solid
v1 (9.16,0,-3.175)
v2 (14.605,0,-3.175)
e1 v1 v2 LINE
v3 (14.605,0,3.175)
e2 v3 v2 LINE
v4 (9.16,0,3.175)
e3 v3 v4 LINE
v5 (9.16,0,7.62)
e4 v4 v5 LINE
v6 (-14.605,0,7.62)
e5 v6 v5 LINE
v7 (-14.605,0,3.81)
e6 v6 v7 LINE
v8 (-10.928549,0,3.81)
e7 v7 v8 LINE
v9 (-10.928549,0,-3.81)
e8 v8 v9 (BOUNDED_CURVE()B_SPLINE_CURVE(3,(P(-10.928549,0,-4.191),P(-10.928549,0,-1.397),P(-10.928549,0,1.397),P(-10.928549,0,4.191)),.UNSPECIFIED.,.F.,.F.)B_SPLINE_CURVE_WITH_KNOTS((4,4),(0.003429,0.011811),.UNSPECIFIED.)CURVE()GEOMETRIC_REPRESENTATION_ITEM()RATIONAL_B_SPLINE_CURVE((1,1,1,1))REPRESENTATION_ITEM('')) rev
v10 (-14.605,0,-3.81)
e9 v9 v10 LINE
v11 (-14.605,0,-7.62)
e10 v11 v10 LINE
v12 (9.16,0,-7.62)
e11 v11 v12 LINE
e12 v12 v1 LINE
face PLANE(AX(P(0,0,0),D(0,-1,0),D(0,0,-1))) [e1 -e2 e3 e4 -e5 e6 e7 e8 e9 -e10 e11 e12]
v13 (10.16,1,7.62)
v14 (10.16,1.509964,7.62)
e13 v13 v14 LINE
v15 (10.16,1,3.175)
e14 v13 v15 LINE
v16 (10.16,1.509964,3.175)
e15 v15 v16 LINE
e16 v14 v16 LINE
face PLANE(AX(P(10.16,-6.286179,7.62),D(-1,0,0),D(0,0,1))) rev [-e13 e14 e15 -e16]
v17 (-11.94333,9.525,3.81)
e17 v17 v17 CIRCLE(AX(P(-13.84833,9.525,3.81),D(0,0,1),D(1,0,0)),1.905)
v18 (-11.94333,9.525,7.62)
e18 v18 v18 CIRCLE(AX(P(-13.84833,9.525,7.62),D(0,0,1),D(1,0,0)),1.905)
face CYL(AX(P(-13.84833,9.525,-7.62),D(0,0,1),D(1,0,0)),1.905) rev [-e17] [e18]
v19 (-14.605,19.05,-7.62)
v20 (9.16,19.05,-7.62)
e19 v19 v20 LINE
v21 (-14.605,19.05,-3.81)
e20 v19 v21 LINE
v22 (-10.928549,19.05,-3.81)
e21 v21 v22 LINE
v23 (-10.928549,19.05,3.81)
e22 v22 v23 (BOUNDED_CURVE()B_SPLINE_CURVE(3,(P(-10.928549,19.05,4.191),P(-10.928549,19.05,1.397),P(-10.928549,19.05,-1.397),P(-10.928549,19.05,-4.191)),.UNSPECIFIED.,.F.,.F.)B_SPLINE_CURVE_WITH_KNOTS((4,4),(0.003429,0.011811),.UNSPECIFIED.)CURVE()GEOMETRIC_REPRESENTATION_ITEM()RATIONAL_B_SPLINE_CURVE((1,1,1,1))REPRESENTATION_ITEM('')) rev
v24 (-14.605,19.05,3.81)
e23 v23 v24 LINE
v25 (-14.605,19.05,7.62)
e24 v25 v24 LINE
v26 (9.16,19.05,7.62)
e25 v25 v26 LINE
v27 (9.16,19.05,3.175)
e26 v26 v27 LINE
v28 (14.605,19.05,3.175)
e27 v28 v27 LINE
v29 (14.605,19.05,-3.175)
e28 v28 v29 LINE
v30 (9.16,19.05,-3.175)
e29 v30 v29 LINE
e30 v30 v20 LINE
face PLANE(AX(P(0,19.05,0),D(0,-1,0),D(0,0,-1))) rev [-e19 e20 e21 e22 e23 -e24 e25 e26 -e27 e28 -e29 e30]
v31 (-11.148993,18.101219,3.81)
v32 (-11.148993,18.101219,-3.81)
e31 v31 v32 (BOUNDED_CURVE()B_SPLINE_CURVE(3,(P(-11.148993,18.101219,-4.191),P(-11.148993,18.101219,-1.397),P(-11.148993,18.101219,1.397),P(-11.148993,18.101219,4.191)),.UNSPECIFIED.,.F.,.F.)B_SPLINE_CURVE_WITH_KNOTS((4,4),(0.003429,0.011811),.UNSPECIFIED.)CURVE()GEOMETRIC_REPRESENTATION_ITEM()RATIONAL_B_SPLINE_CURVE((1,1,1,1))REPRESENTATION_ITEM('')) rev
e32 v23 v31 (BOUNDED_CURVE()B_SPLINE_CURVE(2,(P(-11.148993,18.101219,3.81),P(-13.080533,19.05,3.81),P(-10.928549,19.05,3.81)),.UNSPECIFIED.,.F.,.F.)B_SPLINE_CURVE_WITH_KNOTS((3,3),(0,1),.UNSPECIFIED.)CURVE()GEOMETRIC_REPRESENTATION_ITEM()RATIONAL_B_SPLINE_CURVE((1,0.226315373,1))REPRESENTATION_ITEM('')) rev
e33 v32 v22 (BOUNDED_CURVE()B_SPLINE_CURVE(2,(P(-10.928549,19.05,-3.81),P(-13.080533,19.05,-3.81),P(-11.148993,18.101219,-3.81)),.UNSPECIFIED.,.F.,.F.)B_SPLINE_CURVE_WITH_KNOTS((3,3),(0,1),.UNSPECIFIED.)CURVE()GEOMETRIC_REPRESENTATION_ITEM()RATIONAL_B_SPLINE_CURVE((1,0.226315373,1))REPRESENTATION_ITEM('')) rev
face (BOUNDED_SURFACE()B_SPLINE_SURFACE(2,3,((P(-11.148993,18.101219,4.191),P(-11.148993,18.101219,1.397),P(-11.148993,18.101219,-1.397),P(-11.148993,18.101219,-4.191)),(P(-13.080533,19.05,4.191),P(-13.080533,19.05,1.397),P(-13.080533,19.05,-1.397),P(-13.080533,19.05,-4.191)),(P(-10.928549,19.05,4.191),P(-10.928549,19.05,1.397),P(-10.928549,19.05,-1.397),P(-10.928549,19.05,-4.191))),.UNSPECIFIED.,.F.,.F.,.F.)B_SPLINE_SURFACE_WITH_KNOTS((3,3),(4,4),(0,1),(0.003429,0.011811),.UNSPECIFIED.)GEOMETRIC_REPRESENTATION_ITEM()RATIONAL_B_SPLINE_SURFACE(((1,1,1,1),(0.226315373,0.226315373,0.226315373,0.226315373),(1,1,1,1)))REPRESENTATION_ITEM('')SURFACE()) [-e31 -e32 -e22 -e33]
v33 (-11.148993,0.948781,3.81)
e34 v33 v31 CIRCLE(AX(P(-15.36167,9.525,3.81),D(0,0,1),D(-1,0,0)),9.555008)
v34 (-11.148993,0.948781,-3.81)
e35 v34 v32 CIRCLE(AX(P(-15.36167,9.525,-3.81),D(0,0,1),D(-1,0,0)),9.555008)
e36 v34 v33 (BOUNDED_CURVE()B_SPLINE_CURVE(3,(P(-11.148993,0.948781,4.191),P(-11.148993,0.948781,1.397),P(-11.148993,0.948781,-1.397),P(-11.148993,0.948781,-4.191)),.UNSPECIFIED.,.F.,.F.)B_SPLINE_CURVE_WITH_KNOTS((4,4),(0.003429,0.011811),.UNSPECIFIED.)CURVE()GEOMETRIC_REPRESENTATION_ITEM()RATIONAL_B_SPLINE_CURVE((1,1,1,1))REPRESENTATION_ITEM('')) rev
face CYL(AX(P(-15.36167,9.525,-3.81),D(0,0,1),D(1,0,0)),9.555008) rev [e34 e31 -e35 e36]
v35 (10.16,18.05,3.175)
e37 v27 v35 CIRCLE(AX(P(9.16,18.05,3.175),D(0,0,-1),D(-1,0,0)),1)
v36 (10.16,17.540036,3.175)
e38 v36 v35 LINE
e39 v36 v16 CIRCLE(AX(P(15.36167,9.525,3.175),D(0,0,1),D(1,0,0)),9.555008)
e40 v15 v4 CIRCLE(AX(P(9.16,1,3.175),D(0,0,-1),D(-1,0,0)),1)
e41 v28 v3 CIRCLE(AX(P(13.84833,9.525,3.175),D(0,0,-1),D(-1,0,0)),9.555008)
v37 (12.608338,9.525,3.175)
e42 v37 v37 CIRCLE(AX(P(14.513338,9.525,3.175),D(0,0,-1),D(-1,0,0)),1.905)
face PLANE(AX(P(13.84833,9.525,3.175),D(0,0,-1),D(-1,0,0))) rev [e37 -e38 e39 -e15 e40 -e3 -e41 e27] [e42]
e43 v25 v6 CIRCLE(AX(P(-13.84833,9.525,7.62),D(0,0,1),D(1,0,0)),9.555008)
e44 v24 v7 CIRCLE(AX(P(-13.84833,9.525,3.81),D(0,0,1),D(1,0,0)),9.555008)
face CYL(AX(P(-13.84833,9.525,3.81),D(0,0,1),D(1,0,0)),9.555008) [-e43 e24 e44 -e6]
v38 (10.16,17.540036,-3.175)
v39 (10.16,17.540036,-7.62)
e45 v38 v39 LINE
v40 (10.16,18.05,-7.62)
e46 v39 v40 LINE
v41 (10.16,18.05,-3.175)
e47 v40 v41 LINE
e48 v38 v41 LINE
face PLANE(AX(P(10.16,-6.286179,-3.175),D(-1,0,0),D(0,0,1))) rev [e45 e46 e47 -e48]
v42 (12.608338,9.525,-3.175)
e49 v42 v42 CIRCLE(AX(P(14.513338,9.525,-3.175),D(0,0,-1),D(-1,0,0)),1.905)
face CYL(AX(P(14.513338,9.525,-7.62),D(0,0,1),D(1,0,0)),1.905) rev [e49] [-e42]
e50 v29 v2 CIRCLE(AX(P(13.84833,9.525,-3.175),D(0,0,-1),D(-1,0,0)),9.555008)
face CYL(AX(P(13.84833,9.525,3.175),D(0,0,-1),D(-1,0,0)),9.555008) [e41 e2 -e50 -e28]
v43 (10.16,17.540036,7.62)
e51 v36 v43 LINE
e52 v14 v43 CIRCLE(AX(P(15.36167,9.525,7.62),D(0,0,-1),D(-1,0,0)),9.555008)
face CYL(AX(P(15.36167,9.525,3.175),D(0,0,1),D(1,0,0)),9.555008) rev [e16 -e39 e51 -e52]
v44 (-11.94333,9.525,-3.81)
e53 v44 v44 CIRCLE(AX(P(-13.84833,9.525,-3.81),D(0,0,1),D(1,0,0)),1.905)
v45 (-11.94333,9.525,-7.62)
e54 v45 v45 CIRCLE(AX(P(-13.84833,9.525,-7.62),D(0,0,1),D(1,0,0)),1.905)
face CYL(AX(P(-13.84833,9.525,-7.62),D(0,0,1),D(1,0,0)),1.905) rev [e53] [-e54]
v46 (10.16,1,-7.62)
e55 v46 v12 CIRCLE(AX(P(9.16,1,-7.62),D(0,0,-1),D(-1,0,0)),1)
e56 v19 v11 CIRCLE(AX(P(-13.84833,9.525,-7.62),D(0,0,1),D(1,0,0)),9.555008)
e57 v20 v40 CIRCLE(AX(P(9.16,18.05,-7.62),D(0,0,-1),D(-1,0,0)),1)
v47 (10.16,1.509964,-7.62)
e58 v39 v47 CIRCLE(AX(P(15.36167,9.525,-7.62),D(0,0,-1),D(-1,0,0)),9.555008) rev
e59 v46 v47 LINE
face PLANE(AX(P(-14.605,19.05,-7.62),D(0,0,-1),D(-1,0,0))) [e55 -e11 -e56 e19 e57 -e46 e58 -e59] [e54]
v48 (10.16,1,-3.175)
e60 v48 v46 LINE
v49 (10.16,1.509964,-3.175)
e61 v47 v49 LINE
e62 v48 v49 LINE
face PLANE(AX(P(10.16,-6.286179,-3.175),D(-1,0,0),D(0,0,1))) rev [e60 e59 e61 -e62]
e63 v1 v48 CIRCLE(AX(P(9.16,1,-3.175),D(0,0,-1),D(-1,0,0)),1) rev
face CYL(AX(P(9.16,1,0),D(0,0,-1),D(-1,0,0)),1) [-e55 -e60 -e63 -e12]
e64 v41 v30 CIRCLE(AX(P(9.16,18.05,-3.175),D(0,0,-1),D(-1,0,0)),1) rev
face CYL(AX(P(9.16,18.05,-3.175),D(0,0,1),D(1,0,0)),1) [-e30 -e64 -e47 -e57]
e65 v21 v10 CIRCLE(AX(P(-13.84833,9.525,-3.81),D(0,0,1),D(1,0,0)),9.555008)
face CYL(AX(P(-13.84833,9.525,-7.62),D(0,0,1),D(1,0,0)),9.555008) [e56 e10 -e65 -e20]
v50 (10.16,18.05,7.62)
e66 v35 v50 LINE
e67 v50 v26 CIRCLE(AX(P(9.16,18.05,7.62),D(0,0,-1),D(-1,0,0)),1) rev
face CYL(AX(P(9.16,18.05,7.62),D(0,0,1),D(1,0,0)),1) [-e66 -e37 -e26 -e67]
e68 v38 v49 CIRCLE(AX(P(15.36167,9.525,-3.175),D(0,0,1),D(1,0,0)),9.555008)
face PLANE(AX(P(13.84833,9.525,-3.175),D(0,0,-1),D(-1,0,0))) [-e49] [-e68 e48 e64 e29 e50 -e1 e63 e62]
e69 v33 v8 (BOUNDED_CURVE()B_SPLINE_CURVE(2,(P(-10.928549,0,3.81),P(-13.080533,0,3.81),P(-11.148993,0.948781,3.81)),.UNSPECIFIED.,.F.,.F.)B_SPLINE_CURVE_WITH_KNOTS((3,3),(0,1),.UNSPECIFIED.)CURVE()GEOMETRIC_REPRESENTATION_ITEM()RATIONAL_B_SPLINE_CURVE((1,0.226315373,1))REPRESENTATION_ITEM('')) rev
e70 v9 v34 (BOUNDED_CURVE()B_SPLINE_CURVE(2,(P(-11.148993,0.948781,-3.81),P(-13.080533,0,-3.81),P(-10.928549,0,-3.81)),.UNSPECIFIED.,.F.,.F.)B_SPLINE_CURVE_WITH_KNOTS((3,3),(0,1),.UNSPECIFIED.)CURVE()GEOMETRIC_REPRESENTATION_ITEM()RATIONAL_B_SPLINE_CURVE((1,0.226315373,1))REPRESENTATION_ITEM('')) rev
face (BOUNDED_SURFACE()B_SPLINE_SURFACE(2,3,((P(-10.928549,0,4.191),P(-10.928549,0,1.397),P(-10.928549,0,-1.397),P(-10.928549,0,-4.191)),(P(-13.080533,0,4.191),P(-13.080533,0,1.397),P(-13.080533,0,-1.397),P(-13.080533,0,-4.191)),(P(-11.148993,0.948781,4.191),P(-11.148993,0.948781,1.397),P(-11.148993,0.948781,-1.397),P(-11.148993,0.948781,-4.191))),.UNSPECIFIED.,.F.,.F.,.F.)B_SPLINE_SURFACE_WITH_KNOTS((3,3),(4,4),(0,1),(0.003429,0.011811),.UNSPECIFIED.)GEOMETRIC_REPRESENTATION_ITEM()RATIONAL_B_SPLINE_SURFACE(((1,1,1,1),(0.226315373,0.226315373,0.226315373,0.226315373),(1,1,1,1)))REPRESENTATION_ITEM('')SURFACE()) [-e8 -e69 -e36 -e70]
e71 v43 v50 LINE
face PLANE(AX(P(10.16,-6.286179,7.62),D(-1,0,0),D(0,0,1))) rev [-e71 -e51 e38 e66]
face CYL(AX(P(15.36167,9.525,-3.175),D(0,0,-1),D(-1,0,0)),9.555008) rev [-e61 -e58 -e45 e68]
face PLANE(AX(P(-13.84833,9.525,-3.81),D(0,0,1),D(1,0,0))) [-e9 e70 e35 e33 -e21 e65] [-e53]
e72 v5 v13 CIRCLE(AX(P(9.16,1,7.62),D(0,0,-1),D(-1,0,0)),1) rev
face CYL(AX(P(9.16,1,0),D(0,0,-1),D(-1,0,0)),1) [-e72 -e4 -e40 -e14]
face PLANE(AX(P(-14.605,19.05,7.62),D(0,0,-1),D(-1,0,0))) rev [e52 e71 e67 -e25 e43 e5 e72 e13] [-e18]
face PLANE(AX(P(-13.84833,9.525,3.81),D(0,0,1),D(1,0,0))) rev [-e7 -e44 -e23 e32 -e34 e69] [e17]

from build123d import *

# Parameters (mm, degrees)
SKETCH1_W               = 29.21
SKETCH1_H               = 15.24
BOSS_EXTRUDE1_DEPTH     = 19.05
BOSS_EXTRUDE2_DEPTH     = 3.175
BOSS_EXTRUDE3_DEPTH     = 3.81
LPATTERN1_COUNT         = 2
LPATTERN1_PITCH         = 11.43
SKETCH7_R               = 1.905
CUT_EXTRUDE2_DEPTH      = 8.62
CUT_EXTRUDE2_DEPTH_BACK = 8.62
CUT_EXTRUDE4_DEPTH      = 2.794
CUT_EXTRUDE4_DEPTH_BACK = 3.175
CUT_EXTRUDE5_DEPTH      = 5.842
CUT_EXTRUDE6_DEPTH      = 3.81
FILLET2_R               = 0.5
SKETCH16_R              = 1.905
CUT_EXTRUDE8_DEPTH      = 2.27
CUT_EXTRUDE8_DEPTH_BACK = 14.97
SKETCH17_W              = 4.445
SKETCH17_H              = 4.445
CUT_EXTRUDE9_DEPTH      = 19.05
LPATTERN2_COUNT         = 2
LPATTERN2_PITCH         = 10.795
FILLET4_R               = 1


with BuildPart() as part:
    # Sketch1 → Boss-Extrude1 (new body)
    with BuildSketch(Plane(origin=(0, 0, 0), x_dir=(1, 0, 0), z_dir=(0, 1, 0))):
        Rectangle(SKETCH1_W, SKETCH1_H)
    extrude(amount=BOSS_EXTRUDE1_DEPTH)

    # Sketch3 → Boss-Extrude2 (add, symmetric)
    with BuildSketch(Plane.XY):
        with BuildLine():
            Line((14.605, 19.05), (14.605, 0))
            ThreePointArc((14.605, 0), (23.403337922, 9.525), (14.605, 19.05))
        make_face()
    extrude(amount=BOSS_EXTRUDE2_DEPTH, both=True)

    # Sketch6 → Boss-Extrude3 (add)
    with BuildSketch(Plane.XY.offset(7.62)):
        with BuildLine():
            Line((-14.605, 19.05), (-14.605, 0))
            ThreePointArc((-14.605, 0), (-23.403337922, 9.525), (-14.605, 19.05))
        make_face()
    boss_extrude3 = extrude(amount=-BOSS_EXTRUDE3_DEPTH)

    # LPattern1: Boss-Extrude3 ×2
    with Locations(*[(0, 0, -i * LPATTERN1_PITCH) for i in range(1, LPATTERN1_COUNT)]):
        add(boss_extrude3)

    # Sketch7 → Cut-Extrude2 (cut, two sides)
    with BuildSketch(Plane.XY) as cut_extrude2_sk:
        with Locations((-13.848330108, 9.525)):
            Circle(SKETCH7_R)
    extrude(amount=CUT_EXTRUDE2_DEPTH, mode=Mode.SUBTRACT)
    extrude(cut_extrude2_sk.sketch, amount=-CUT_EXTRUDE2_DEPTH_BACK, mode=Mode.SUBTRACT)

    # Sketch9 → Cut-Extrude4 (cut, two sides)
    with BuildSketch(Plane.XY.offset(6.35)) as cut_extrude4_sk:
        with BuildLine():
            Line((14.605, 19.05), (14.605, 0))
            ThreePointArc((14.605, 0), (5.806662078, 9.525), (14.605, 19.05))
        make_face()
    extrude(amount=CUT_EXTRUDE4_DEPTH, mode=Mode.SUBTRACT)
    extrude(cut_extrude4_sk.sketch, amount=-CUT_EXTRUDE4_DEPTH_BACK, mode=Mode.SUBTRACT)

    # Sketch11 → Cut-Extrude5 (cut)
    with BuildSketch(Plane.XY.offset(-9.017)):
        with BuildLine():
            Line((14.605, 19.05), (14.605, 0))
            ThreePointArc((14.605, 0), (5.806662078, 9.525), (14.605, 19.05))
        make_face()
    extrude(amount=CUT_EXTRUDE5_DEPTH, mode=Mode.SUBTRACT)

    # Sketch12 → Cut-Extrude6 (cut, symmetric)
    with BuildSketch(Plane.XY):
        with BuildLine():
            Line((-14.605, 19.05), (-14.605, 0))
            ThreePointArc((-14.605, 0), (-5.806662078, 9.525), (-14.605, 19.05))
        make_face()
    extrude(amount=CUT_EXTRUDE6_DEPTH, both=True, mode=Mode.SUBTRACT)

    # Fillet2
    fillet2_edges = [part.edges().sort_by_distance(p)[0] for p in [
        (-14.605, 0, 0),
        (-14.605, 19.05, 0),
    ]]
    fillet(fillet2_edges, radius=FILLET2_R)

    # Sketch16 → Cut-Extrude8 (cut, two sides)
    with BuildSketch(Plane.XY.offset(6.35)) as cut_extrude8_sk:
        with Locations(Location((14.513337922, 9.525, 0), (0, 0, 180))):  # turned: the seam where the file's is
            Circle(SKETCH16_R)
    extrude(amount=CUT_EXTRUDE8_DEPTH, mode=Mode.SUBTRACT)
    extrude(cut_extrude8_sk.sketch, amount=-CUT_EXTRUDE8_DEPTH_BACK, mode=Mode.SUBTRACT)

    # Sketch17 → Cut-Extrude9 (cut)
    with BuildSketch(Plane(origin=(0, 19.05, 0), x_dir=(1, 0, 0), z_dir=(0, 1, 0))):
        with Locations((12.3825, 5.3975)):
            Rectangle(SKETCH17_W, SKETCH17_H)
    cut_extrude9 = extrude(amount=-CUT_EXTRUDE9_DEPTH, mode=Mode.SUBTRACT)

    # LPattern2: Cut-Extrude9 ×2
    with Locations(*[(0, 0, i * LPATTERN2_PITCH) for i in range(1, LPATTERN2_COUNT)]):
        add(cut_extrude9, mode=Mode.SUBTRACT)

    # Fillet4
    fillet4_edges = [part.edges().sort_by_distance(p)[0] for p in [
        (10.16, 19.05, -5.3975),
        (10.16, 0, -5.3975),
        (10.16, 0, 5.3975),
        (10.16, 19.05, 5.3975),
    ]]
    fillet(fillet4_edges, radius=FILLET4_R)


solid = part.part
